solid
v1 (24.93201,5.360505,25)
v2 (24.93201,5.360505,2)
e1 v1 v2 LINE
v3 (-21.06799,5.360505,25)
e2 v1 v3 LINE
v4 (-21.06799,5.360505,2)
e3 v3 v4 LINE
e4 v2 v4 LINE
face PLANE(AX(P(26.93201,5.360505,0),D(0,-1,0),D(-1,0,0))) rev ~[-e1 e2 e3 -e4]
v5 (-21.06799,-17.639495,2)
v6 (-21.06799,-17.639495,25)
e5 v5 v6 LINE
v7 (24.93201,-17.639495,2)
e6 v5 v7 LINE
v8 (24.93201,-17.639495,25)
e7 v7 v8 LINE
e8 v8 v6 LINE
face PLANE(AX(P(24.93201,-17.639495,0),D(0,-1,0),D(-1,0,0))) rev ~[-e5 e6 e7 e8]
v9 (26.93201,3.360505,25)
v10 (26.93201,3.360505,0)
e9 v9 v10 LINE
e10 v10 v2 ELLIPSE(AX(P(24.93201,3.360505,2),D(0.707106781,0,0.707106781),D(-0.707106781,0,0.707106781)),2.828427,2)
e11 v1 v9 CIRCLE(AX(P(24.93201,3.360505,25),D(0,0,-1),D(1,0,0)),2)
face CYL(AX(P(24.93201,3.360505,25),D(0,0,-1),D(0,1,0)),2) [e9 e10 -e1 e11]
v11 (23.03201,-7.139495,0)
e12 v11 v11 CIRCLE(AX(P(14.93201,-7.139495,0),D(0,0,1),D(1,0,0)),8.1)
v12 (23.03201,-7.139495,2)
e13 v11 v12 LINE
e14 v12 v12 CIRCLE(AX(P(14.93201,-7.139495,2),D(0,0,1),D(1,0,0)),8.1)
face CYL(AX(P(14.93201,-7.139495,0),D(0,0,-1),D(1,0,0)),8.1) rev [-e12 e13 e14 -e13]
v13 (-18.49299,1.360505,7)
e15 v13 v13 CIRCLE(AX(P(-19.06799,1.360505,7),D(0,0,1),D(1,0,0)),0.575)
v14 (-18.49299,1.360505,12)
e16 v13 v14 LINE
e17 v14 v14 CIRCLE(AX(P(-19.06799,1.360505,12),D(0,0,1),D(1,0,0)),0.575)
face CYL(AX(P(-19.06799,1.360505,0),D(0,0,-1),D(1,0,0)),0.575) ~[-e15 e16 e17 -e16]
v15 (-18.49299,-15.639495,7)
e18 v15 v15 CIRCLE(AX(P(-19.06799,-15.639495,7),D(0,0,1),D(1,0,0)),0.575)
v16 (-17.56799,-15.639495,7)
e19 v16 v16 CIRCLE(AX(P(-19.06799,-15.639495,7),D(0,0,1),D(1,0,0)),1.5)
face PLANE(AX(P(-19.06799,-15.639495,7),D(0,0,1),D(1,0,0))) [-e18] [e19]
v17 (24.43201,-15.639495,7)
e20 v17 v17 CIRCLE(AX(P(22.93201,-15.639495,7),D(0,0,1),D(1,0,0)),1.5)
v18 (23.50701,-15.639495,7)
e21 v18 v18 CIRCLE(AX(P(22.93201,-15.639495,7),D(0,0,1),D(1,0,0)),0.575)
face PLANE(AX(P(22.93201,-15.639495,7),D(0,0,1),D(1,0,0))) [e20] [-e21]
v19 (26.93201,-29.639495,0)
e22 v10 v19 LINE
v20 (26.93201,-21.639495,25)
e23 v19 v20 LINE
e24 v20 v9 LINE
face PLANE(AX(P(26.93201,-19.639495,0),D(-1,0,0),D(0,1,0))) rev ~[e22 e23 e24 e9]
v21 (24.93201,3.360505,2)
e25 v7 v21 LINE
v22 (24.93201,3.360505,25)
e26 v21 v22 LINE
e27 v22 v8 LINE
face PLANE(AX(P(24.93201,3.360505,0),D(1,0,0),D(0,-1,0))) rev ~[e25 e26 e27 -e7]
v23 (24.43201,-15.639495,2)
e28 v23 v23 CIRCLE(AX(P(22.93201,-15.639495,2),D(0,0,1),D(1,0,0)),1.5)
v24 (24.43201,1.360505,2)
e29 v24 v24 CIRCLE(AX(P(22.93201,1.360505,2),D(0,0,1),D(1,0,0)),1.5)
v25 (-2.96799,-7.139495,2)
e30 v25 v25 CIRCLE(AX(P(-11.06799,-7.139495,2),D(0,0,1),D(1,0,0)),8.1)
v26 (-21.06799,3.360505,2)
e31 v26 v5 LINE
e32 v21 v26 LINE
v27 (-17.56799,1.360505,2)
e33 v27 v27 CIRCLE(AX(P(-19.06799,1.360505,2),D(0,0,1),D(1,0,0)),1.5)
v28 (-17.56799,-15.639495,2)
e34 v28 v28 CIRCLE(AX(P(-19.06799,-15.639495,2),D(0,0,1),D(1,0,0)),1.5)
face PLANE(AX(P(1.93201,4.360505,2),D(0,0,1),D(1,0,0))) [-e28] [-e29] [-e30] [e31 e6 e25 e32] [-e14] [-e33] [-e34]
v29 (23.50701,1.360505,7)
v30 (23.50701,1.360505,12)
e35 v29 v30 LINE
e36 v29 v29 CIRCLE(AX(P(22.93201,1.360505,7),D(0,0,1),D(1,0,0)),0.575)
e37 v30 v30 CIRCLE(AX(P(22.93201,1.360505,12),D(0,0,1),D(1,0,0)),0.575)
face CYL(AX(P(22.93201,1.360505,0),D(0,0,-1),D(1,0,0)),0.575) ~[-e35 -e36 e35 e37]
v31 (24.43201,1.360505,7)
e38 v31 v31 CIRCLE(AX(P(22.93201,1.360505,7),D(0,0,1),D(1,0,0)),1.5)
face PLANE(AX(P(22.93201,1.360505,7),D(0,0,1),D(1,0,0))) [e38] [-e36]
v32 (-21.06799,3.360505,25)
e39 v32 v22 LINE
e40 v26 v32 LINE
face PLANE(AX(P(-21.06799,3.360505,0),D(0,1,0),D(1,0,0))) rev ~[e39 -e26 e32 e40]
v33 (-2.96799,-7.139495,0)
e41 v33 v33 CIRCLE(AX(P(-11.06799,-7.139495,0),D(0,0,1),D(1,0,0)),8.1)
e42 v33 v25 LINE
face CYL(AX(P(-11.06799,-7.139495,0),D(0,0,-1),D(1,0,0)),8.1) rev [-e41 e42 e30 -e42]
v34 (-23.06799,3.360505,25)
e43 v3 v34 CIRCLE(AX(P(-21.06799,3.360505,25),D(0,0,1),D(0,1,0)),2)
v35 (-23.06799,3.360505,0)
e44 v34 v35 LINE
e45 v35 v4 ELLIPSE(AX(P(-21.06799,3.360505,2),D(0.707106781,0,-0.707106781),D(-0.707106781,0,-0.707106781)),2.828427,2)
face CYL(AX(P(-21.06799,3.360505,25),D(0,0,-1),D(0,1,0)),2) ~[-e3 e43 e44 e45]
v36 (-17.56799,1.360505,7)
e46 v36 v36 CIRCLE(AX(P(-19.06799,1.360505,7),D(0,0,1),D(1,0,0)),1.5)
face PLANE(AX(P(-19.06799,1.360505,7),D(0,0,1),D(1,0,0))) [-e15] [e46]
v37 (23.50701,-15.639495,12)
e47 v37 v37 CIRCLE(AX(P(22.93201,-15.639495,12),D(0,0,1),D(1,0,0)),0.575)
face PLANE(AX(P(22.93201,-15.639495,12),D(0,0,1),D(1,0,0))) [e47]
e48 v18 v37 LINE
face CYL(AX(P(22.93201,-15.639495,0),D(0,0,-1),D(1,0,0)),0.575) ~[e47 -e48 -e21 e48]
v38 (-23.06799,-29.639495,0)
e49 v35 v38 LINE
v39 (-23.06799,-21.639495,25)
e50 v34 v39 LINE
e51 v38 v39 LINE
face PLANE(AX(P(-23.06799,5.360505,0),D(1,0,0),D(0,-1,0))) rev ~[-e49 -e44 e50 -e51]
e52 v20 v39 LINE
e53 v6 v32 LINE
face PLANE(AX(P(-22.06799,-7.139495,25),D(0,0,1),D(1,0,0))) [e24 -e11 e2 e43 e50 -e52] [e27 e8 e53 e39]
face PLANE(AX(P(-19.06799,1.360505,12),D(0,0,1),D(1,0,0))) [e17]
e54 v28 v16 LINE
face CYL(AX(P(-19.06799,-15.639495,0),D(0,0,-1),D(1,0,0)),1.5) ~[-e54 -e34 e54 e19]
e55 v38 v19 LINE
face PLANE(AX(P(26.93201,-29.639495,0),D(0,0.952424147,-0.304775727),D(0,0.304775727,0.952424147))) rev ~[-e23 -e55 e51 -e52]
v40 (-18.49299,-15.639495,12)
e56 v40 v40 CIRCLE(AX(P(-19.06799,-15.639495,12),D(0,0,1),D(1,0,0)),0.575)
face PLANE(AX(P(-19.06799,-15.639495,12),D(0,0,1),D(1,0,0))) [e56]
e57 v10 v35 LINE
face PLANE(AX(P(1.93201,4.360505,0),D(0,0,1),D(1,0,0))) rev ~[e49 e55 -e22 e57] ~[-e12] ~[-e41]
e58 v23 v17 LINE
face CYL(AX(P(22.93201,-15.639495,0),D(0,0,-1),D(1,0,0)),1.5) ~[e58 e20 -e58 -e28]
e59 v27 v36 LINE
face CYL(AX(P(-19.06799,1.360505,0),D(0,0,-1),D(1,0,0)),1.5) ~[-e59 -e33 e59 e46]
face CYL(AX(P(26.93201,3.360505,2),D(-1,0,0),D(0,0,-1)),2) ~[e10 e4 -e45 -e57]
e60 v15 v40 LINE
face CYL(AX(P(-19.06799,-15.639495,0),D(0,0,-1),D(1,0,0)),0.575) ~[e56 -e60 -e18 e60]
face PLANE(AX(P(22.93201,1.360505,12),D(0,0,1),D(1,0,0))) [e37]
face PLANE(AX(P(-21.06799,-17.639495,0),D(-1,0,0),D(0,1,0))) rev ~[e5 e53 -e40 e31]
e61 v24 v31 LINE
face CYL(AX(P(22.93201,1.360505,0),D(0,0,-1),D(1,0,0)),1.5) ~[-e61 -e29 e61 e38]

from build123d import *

# Parameters (mm, degrees)
F0_W     = 46
F0_H     = 2
F0_R     = 1.5
F0_R_2   = 0.575
F0_H_2   = 21
F0_R_3   = 8.1
F1_DEPTH = 2
F2_DEPTH = 25
F3_DEPTH = 7
F4_DEPTH = 12
F5_R     = 2
F7_DEPTH = 52


with BuildPart() as f1:
    # F0 (on Top) → F1 (new body)
    with BuildSketch(Plane.XY):
        with Locations((1.93201, 4.360505)):
            Rectangle(F0_W, F0_H)
        with Locations((-19.06799, 1.360505)):
            Circle(F0_R)
        with Locations((-19.06799, 1.360505)):
            Circle(F0_R_2, mode=Mode.SUBTRACT)
        with Locations((22.93201, -15.639495)):
            Circle(F0_R)
        with Locations((22.93201, -15.639495)):
            Circle(F0_R_2, mode=Mode.SUBTRACT)
        with Locations((22.93201, 1.360505)):
            Circle(F0_R)
        with Locations((22.93201, 1.360505)):
            Circle(F0_R_2, mode=Mode.SUBTRACT)
        with Locations((-19.06799, -15.639495)):
            Circle(F0_R)
        with Locations((-19.06799, -15.639495)):
            Circle(F0_R_2, mode=Mode.SUBTRACT)
        with Locations((1.93201, -7.139495)):
            Rectangle(F0_W, F0_H_2)
        with Locations((-19.06799, -15.639495)):
            Circle(F0_R, mode=Mode.SUBTRACT)
        with Locations((22.93201, -15.639495)):
            Circle(F0_R, mode=Mode.SUBTRACT)
        with Locations((-11.06799, -7.139495)):
            Circle(F0_R_3, mode=Mode.SUBTRACT)
        with Locations((-19.06799, 1.360505)):
            Circle(F0_R, mode=Mode.SUBTRACT)
        with Locations((14.93201, -7.139495)):
            Circle(F0_R_3, mode=Mode.SUBTRACT)
        with Locations((22.93201, 1.360505)):
            Circle(F0_R, mode=Mode.SUBTRACT)
        Polygon((-21.06799, 5.360505), (-23.06799, 5.360505), (-23.06799, -19.639495), (-21.06799, -19.639495), (-21.06799, -17.639495), (-21.06799, 3.360505), align=None)
        Polygon((-21.06799, -17.639495), (-21.06799, -19.639495), (26.93201, -19.639495), (26.93201, -17.639495), (24.93201, -17.639495), align=None)
        Polygon((26.93201, 5.360505), (24.93201, 5.360505), (24.93201, 3.360505), (24.93201, -17.639495), (26.93201, -17.639495), align=None)
    extrude(amount=F1_DEPTH)

    # F0 (on Top) → F2 (join)
    with BuildSketch(Plane.XY):
        Polygon((-21.06799, 5.360505), (-23.06799, 5.360505), (-23.06799, -19.639495), (-21.06799, -19.639495), (-21.06799, -17.639495), (-21.06799, 3.360505), align=None)
        with Locations((1.93201, 4.360505)):
            Rectangle(F0_W, F0_H)
        Polygon((-21.06799, -17.639495), (-21.06799, -19.639495), (26.93201, -19.639495), (26.93201, -17.639495), (24.93201, -17.639495), align=None)
        Polygon((26.93201, 5.360505), (24.93201, 5.360505), (24.93201, 3.360505), (24.93201, -17.639495), (26.93201, -17.639495), align=None)
        Polygon((-21.06799, -19.639495), (-23.06799, -19.639495), (-23.06799, -29.639495), (26.93201, -29.639495), (26.93201, -19.639495), align=None)
    extrude(amount=F2_DEPTH)

    # F0 (on Top) → F3 (join)
    with BuildSketch(Plane.XY):
        with Locations((-19.06799, 1.360505)):
            Circle(F0_R)
        with Locations((-19.06799, 1.360505)):
            Circle(F0_R_2, mode=Mode.SUBTRACT)
        with Locations((-19.06799, -15.639495)):
            Circle(F0_R)
        with Locations((-19.06799, -15.639495)):
            Circle(F0_R_2, mode=Mode.SUBTRACT)
        with Locations((22.93201, 1.360505)):
            Circle(F0_R)
        with Locations((22.93201, 1.360505)):
            Circle(F0_R_2, mode=Mode.SUBTRACT)
        with Locations((22.93201, -15.639495)):
            Circle(F0_R)
        with Locations((22.93201, -15.639495)):
            Circle(F0_R_2, mode=Mode.SUBTRACT)
    extrude(amount=F3_DEPTH)

    # F0 (on Top) → F4 (join)
    with BuildSketch(Plane.XY):
        with Locations((-19.06799, 1.360505)):
            Circle(F0_R_2)
        with Locations((-19.06799, -15.639495)):
            Circle(F0_R_2)
        with Locations((22.93201, -15.639495)):
            Circle(F0_R_2)
        with Locations((22.93201, 1.360505)):
            Circle(F0_R_2)
    extrude(amount=F4_DEPTH)

    # F5
    f5_edges = [f1.edges().sort_by_distance(p)[0] for p in [
        (1.93201, 5.360505, 0),
        (26.93201, 5.360505, 12.5),
        (-23.06799, 5.360505, 12.5),
    ]]
    fillet(f5_edges, radius=F5_R)

    # F6 (on face) → F7 (cut)
    with BuildSketch(Plane.YZ.offset(26.93201)):
        Polygon((-29.639495, 0), (-21.639495, 25), (-29.639495, 25), align=None)
    extrude(amount=-F7_DEPTH, mode=Mode.SUBTRACT)


solid = f1.part
